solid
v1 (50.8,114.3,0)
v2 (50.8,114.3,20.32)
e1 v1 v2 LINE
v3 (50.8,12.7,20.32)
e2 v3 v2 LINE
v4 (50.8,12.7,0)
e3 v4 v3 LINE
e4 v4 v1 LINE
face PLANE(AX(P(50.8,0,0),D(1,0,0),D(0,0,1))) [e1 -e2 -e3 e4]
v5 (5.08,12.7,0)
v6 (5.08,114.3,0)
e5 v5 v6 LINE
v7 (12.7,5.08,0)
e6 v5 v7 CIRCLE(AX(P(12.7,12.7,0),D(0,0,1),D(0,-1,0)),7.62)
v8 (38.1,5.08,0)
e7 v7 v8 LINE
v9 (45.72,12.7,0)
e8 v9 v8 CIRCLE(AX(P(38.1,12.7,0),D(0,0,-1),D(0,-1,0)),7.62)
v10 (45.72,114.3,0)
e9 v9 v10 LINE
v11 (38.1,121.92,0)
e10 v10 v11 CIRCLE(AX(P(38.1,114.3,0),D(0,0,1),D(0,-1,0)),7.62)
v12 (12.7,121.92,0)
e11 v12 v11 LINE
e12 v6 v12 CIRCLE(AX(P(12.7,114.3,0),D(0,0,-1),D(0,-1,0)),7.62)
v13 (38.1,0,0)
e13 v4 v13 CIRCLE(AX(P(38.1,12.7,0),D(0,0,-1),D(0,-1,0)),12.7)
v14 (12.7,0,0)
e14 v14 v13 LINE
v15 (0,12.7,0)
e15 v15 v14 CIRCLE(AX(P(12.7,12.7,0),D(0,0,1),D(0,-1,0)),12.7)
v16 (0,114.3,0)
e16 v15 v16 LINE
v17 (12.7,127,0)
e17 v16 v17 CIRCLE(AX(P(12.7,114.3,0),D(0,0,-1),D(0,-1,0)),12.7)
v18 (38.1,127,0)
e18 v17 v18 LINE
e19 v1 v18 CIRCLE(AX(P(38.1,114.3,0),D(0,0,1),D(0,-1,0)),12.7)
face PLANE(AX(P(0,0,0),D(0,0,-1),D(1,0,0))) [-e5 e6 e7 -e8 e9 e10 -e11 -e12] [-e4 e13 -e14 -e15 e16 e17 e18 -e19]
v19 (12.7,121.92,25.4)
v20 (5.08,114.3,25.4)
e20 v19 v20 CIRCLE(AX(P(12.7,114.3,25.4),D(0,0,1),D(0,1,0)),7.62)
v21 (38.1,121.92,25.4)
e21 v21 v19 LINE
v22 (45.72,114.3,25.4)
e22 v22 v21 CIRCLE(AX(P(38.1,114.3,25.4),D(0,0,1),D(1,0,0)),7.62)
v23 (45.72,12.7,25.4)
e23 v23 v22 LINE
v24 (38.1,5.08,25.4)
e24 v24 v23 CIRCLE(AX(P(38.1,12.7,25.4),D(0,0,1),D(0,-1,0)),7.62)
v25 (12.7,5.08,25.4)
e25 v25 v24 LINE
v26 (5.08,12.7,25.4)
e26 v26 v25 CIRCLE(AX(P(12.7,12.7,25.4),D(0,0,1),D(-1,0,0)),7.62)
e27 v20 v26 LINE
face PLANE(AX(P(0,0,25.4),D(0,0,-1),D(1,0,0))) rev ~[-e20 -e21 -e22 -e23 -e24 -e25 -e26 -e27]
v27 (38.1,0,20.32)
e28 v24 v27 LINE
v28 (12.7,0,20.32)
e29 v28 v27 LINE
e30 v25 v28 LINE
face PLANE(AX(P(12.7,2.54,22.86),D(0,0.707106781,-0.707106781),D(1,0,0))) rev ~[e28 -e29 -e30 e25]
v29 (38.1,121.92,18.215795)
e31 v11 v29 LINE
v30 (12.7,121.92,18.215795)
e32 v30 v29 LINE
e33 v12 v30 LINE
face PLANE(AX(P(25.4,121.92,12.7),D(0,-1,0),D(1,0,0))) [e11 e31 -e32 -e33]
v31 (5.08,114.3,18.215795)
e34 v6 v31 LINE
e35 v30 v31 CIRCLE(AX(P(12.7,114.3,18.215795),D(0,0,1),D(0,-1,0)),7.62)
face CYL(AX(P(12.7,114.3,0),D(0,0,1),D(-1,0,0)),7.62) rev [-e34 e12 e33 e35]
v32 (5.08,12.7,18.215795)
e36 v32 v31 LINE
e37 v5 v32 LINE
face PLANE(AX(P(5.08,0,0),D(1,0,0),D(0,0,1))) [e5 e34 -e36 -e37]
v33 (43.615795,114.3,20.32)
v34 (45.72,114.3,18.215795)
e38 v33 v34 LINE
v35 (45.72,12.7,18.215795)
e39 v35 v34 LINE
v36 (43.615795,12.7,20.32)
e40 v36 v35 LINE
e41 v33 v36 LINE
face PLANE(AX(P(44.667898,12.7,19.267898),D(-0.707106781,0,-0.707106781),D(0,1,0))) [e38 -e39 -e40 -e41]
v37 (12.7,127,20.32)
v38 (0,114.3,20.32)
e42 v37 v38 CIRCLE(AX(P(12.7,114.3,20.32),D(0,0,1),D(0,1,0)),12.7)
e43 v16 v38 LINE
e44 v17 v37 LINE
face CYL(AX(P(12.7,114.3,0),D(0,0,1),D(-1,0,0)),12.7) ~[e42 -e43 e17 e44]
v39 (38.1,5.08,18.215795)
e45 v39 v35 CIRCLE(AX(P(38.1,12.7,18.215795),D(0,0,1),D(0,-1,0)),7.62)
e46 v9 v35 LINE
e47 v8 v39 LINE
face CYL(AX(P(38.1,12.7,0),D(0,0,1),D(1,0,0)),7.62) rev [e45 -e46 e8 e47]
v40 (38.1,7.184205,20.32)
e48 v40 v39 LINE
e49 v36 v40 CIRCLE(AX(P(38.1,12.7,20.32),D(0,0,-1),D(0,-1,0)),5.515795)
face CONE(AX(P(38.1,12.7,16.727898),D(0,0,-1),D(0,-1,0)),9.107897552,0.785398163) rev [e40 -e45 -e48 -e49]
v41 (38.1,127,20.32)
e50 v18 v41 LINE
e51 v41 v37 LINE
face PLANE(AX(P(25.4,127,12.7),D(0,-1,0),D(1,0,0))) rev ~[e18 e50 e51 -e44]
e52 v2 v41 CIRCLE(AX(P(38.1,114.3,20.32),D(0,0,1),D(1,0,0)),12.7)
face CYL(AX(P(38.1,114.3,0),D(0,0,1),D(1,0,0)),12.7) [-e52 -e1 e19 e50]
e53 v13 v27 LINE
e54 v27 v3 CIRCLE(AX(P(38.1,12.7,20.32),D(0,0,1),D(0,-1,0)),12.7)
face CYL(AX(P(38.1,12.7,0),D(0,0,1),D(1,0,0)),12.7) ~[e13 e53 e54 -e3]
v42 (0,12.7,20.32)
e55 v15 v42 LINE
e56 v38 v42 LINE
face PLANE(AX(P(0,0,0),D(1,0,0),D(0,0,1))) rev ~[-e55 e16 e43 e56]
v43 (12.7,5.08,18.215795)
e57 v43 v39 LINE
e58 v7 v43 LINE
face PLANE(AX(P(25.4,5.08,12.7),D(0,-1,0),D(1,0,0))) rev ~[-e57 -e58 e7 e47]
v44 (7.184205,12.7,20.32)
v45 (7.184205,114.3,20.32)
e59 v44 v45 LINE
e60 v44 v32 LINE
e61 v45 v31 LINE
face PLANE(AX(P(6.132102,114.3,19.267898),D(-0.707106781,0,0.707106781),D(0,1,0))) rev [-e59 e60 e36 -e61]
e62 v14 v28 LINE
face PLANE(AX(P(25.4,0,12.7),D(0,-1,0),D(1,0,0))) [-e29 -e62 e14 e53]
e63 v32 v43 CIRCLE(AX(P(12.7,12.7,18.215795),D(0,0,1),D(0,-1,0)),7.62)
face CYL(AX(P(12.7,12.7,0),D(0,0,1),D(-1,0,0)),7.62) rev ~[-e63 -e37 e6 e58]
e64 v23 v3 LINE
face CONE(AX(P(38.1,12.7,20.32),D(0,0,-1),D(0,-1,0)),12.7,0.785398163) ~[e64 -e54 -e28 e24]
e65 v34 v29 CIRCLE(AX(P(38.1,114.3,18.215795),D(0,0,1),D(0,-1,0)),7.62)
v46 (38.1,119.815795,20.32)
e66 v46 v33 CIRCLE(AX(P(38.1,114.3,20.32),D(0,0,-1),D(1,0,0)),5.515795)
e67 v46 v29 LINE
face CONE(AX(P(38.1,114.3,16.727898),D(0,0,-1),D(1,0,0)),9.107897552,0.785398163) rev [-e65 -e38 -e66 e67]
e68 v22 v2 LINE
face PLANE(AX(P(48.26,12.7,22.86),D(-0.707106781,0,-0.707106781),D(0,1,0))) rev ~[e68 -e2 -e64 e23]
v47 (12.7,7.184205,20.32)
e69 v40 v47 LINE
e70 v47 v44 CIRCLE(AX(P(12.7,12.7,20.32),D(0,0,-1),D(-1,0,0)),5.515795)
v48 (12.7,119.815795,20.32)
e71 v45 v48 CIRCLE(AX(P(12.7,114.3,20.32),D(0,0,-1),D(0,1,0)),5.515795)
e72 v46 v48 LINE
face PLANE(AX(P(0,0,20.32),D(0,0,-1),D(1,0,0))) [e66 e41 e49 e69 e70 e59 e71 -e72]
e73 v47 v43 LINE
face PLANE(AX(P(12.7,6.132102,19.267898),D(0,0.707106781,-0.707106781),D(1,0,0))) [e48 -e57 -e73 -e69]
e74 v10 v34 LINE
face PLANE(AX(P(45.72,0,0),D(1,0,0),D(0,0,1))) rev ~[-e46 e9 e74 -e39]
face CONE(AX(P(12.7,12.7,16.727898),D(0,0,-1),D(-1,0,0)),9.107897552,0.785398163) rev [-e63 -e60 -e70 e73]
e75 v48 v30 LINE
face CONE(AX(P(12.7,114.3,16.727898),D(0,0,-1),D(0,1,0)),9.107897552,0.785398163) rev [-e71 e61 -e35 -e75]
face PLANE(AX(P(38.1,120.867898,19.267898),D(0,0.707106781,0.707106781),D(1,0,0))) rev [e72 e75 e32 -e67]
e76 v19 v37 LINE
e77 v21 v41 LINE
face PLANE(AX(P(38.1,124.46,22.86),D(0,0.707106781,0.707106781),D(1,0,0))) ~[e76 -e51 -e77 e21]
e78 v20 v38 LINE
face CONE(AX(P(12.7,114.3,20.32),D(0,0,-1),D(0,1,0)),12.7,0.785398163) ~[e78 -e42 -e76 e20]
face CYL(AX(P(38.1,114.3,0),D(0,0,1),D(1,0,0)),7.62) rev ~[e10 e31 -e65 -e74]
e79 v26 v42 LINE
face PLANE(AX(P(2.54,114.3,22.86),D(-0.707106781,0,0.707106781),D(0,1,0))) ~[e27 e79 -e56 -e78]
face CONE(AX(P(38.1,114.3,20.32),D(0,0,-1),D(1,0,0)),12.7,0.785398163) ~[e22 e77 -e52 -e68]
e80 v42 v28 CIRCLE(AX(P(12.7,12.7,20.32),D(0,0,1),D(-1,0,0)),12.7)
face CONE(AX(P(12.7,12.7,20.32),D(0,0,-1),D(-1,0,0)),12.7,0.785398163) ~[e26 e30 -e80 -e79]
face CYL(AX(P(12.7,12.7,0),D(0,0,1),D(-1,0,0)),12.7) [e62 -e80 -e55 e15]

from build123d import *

# Parameters (mm, degrees)
F0_W     = 50.8
F0_H     = 25.4
F1_DEPTH = 127
F2_R     = 12.7
F3_SIZE  = 5.08
F4_T     = -5.08


with BuildPart() as f1:
    # F0 (on Front) → F1 (new body)
    with BuildSketch(Plane.XZ):
        with Locations((25.4, 12.7)):
            Rectangle(F0_W, F0_H)
    extrude(amount=-F1_DEPTH)

    # F2
    f2_edges = [f1.edges().sort_by_distance(p)[0] for p in [
        (0, 0, 12.7),
        (50.8, 0, 12.7),
        (50.8, 127, 12.7),
        (0, 127, 12.7),
    ]]
    fillet(f2_edges, radius=F2_R)

    # F3
    f3_edges = [f1.edges().sort_by_distance(p)[0] for p in [
        (50.8, 63.5, 25.4),
    ]]
    chamfer(f3_edges, length=F3_SIZE)

    # F4
    f4_openings = [f1.faces().sort_by_distance(p)[0] for p in [
        (25.4, 63.5, 0),
    ]]
    offset(amount=F4_T, openings=f4_openings)


solid = f1.part
